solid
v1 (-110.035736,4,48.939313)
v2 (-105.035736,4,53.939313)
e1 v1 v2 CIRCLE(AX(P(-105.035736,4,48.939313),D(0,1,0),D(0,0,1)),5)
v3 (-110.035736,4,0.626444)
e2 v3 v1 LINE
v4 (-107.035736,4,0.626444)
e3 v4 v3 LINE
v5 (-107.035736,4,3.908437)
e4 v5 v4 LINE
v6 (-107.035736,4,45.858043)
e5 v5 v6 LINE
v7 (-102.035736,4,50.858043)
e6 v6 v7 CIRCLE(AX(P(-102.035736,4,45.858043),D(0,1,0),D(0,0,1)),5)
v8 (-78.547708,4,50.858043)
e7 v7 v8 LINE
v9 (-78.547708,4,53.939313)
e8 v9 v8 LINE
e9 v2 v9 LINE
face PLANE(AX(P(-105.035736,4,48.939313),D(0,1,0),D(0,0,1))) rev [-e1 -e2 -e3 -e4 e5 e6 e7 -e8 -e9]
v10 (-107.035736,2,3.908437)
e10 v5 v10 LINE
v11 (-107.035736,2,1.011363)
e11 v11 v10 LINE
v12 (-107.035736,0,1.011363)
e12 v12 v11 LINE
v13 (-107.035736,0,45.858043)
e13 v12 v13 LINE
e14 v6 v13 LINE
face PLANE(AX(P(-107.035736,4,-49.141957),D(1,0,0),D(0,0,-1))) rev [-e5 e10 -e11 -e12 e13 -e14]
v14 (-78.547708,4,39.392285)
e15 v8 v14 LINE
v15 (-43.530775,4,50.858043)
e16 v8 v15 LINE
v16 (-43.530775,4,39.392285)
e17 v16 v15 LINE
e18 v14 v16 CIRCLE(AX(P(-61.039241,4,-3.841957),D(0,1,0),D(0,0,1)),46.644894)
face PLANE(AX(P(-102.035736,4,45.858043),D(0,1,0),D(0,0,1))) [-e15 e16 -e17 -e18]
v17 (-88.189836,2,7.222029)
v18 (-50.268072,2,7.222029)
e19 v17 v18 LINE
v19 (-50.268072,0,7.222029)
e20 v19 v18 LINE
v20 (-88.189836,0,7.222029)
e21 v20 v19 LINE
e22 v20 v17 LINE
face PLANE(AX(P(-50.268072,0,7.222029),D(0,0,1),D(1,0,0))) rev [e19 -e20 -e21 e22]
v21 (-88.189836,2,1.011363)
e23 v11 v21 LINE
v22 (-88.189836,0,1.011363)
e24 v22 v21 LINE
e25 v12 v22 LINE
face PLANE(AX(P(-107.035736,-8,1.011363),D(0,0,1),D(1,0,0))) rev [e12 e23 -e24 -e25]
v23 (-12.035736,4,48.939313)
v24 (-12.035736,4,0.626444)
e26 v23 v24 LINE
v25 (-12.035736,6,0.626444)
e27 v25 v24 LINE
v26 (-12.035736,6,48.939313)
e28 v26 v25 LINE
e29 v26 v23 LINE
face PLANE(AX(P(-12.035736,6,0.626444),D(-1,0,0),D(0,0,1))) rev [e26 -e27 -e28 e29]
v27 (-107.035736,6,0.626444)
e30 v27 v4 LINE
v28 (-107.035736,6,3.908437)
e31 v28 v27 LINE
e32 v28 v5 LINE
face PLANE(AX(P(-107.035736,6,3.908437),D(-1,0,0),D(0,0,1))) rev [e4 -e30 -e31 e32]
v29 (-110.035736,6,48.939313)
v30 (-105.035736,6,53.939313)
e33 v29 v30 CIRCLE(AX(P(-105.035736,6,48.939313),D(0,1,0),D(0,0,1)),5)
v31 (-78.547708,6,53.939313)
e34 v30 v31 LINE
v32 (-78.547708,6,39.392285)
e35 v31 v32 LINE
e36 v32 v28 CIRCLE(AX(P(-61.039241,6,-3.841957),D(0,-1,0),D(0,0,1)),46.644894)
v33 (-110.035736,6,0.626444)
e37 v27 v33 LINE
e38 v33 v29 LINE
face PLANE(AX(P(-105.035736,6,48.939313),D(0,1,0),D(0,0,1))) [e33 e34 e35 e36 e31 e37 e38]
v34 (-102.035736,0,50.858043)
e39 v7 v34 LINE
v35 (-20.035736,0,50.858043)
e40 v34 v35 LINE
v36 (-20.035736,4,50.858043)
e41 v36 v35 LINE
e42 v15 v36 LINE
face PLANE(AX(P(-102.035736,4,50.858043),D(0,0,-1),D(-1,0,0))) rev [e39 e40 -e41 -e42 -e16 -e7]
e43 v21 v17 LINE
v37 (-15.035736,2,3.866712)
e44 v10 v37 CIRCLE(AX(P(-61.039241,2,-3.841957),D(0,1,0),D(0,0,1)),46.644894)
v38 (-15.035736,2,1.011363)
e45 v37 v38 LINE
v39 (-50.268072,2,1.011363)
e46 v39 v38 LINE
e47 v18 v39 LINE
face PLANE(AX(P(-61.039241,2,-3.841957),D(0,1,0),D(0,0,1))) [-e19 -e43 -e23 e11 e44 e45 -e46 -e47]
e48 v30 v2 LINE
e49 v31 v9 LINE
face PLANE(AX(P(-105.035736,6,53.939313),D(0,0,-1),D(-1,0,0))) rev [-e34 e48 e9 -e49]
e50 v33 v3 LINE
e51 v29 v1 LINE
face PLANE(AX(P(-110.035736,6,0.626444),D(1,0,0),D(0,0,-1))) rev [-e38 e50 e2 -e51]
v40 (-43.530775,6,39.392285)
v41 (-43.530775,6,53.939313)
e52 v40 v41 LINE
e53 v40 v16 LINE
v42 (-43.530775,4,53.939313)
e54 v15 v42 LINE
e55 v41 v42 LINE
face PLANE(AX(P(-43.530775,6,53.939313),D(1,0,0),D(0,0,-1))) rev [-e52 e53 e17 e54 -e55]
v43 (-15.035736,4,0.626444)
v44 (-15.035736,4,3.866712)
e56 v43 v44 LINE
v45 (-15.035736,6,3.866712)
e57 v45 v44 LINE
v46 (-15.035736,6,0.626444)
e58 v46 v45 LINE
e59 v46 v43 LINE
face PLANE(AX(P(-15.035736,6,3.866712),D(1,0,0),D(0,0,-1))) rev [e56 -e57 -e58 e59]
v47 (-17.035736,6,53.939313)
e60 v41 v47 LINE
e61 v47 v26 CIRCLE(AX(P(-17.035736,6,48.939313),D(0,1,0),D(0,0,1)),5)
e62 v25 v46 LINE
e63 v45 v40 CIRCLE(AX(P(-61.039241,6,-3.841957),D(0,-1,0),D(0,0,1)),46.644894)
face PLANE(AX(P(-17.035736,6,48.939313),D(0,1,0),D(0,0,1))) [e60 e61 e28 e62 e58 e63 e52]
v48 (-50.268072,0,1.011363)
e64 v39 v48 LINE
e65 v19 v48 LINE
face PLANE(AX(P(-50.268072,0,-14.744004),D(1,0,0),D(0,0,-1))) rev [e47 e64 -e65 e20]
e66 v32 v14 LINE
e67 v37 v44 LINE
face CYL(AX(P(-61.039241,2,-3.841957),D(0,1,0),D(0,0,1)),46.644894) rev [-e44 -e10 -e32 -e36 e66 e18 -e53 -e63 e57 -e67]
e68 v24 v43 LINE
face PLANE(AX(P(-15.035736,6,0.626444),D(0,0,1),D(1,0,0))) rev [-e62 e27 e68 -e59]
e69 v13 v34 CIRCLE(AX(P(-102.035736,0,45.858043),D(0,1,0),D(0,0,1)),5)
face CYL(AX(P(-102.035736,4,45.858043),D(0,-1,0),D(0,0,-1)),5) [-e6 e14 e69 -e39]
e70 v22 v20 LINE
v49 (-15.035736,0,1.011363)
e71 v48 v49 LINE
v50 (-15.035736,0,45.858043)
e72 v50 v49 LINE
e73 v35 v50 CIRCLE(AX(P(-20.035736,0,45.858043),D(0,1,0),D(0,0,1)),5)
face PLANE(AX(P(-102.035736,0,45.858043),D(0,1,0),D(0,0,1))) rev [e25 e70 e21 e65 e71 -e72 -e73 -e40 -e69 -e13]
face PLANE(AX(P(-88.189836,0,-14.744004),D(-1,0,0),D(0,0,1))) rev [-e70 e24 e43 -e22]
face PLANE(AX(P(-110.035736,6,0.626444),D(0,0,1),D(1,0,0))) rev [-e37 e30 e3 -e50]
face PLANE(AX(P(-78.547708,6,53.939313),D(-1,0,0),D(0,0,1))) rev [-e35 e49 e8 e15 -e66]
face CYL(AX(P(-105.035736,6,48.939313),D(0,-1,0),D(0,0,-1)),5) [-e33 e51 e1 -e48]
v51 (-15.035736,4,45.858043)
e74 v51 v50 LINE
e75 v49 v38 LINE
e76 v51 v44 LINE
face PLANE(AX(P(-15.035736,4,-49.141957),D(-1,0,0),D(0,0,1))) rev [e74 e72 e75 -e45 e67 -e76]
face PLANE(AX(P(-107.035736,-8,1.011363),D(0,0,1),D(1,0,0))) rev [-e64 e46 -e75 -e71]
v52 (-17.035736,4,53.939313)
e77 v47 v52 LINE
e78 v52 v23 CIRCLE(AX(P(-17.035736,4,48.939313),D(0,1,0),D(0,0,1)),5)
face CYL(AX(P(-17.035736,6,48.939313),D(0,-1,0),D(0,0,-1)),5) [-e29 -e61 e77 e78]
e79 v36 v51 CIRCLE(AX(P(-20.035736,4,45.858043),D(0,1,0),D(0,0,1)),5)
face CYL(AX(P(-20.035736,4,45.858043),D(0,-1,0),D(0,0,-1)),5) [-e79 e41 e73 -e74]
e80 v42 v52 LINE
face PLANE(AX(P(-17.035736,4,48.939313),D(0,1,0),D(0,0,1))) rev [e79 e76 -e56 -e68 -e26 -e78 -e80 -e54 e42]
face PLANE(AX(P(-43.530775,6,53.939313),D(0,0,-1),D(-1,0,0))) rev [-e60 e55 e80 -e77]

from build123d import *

# Parameters (mm, degrees)
BOSS_EXTRUDE2_DEPTH = 4
CUT_EXTRUDE3_DEPTH  = 4
SKETCH6_R           = 46.644893749
CUT_EXTRUDE4_DEPTH  = 2
SKETCH7_W           = 37.921763703
SKETCH7_H           = 21.966033547
CUT_EXTRUDE5_DEPTH  = 2
CUT_EXTRUDE7_DEPTH  = 10
BOSS_EXTRUDE3_DEPTH = 2


with BuildPart() as part:
    # Sketch4 → Boss-Extrude2 (new body)
    with BuildSketch(Plane(origin=(0, 0, 0), x_dir=(1, 0, 0), z_dir=(0, 1, 0))):
        with BuildLine():
            Line((-107.035735829, 49.14195745), (-15.035735829, 49.14195745))
            Line((-15.035735829, 49.14195745), (-15.035735829, -45.85804255))
            ThreePointArc((-15.035735829, -45.85804255), (-16.500201924, -49.393576456), (-20.035735829, -50.85804255))
            Line((-20.035735829, -50.85804255), (-102.035735829, -50.85804255))
            ThreePointArc((-102.035735829, -50.85804255), (-105.571269735, -49.393576456), (-107.035735829, -45.85804255))
            Line((-107.035735829, -45.85804255), (-107.035735829, 49.14195745))
        make_face()
    extrude(amount=BOSS_EXTRUDE2_DEPTH)

    # Sketch5 → Cut-Extrude3 (cut)
    with BuildSketch(Plane(origin=(0, 4, 0), x_dir=(1, 0, 0), z_dir=(0, 1, 0))):
        with BuildLine():
            Line((-122.184107688, 54.312207558), (-0.881081782, 54.312207558))
            Line((-0.881081782, 54.312207558), (-0.881081782, -1.763818638))
            Line((-0.881081782, -1.763818638), (-15.035735829, -1.763818638))
            ThreePointArc((-15.035735829, -1.763818638), (-61.035735829, 48.088703252), (-107.035735829, -1.763818638))
            Line((-107.035735829, -1.763818638), (-116.20594022, -1.763818638))
            Line((-116.20594022, -1.763818638), (-122.184107688, 54.312207558))
        make_face()
    extrude(amount=-CUT_EXTRUDE3_DEPTH, mode=Mode.SUBTRACT)

    # Sketch6 → Cut-Extrude4 (cut)
    with BuildSketch(Plane(origin=(0, 4, 0), x_dir=(1, 0, 0), z_dir=(0, 1, 0))):
        with Locations((-61.039241489, 3.84195745)):
            Circle(SKETCH6_R)
    extrude(amount=-CUT_EXTRUDE4_DEPTH, mode=Mode.SUBTRACT)

    # Sketch7 → Cut-Extrude5 (cut)
    with BuildSketch(Plane(origin=(0, 2, 0), x_dir=(1, 0, 0), z_dir=(0, 1, 0))):
        with Locations((-69.228954178, 3.760987583)):
            Rectangle(SKETCH7_W, SKETCH7_H)
    extrude(amount=-CUT_EXTRUDE5_DEPTH, mode=Mode.SUBTRACT)

    # Sketch8 → Cut-Extrude7 (cut)
    with BuildSketch(Plane(origin=(0, 2, 0), x_dir=(1, 0, 0), z_dir=(0, 1, 0))):
        Polygon((-107.035735829, 51.823370687), (-12.035735829, 51.823370687), (-15.035735829, -1.011363006), (-107.035735829, -1.011363006), align=None)
    extrude(amount=-CUT_EXTRUDE7_DEPTH, mode=Mode.SUBTRACT)

    # Sketch10 → Boss-Extrude3 (add)
    with BuildSketch(Plane(origin=(0, 4, 0), x_dir=(1, 0, 0), z_dir=(0, 1, 0))):
        with BuildLine():
            Line((-110.035735829, -0.626443871), (-107.035735829, -0.626443871))
            Line((-107.035735829, -0.626443871), (-107.035735829, -3.908437462))
            ThreePointArc((-107.035735829, -3.908437462), (-97.412251623, -25.359930275), (-78.547707812, -39.392284997))
            Line((-78.547707812, -39.392284997), (-78.547707812, -53.939312876))
            Line((-78.547707812, -53.939312876), (-105.035735829, -53.939312876))
            ThreePointArc((-105.035735829, -53.939312876), (-108.571269735, -52.474846782), (-110.035735829, -48.939312876))
            Line((-110.035735829, -48.939312876), (-110.035735829, -0.626443871))
        make_face()
        with BuildLine():
            Line((-12.035735829, -0.626443871), (-12.035735829, -48.939312876))
            ThreePointArc((-12.035735829, -48.939312876), (-13.500201924, -52.474846782), (-17.035735829, -53.939312876))
            Line((-17.035735829, -53.939312876), (-43.530775166, -53.939312876))
            Line((-43.530775166, -53.939312876), (-43.530775166, -39.392284997))
            ThreePointArc((-43.530775166, -39.392284997), (-24.652990845, -25.343430622), (-15.035735829, -3.86671169))
            Line((-15.035735829, -3.86671169), (-15.035735829, -0.626443871))
            Line((-15.035735829, -0.626443871), (-12.035735829, -0.626443871))
        make_face()
    extrude(amount=BOSS_EXTRUDE3_DEPTH)


solid = part.part
